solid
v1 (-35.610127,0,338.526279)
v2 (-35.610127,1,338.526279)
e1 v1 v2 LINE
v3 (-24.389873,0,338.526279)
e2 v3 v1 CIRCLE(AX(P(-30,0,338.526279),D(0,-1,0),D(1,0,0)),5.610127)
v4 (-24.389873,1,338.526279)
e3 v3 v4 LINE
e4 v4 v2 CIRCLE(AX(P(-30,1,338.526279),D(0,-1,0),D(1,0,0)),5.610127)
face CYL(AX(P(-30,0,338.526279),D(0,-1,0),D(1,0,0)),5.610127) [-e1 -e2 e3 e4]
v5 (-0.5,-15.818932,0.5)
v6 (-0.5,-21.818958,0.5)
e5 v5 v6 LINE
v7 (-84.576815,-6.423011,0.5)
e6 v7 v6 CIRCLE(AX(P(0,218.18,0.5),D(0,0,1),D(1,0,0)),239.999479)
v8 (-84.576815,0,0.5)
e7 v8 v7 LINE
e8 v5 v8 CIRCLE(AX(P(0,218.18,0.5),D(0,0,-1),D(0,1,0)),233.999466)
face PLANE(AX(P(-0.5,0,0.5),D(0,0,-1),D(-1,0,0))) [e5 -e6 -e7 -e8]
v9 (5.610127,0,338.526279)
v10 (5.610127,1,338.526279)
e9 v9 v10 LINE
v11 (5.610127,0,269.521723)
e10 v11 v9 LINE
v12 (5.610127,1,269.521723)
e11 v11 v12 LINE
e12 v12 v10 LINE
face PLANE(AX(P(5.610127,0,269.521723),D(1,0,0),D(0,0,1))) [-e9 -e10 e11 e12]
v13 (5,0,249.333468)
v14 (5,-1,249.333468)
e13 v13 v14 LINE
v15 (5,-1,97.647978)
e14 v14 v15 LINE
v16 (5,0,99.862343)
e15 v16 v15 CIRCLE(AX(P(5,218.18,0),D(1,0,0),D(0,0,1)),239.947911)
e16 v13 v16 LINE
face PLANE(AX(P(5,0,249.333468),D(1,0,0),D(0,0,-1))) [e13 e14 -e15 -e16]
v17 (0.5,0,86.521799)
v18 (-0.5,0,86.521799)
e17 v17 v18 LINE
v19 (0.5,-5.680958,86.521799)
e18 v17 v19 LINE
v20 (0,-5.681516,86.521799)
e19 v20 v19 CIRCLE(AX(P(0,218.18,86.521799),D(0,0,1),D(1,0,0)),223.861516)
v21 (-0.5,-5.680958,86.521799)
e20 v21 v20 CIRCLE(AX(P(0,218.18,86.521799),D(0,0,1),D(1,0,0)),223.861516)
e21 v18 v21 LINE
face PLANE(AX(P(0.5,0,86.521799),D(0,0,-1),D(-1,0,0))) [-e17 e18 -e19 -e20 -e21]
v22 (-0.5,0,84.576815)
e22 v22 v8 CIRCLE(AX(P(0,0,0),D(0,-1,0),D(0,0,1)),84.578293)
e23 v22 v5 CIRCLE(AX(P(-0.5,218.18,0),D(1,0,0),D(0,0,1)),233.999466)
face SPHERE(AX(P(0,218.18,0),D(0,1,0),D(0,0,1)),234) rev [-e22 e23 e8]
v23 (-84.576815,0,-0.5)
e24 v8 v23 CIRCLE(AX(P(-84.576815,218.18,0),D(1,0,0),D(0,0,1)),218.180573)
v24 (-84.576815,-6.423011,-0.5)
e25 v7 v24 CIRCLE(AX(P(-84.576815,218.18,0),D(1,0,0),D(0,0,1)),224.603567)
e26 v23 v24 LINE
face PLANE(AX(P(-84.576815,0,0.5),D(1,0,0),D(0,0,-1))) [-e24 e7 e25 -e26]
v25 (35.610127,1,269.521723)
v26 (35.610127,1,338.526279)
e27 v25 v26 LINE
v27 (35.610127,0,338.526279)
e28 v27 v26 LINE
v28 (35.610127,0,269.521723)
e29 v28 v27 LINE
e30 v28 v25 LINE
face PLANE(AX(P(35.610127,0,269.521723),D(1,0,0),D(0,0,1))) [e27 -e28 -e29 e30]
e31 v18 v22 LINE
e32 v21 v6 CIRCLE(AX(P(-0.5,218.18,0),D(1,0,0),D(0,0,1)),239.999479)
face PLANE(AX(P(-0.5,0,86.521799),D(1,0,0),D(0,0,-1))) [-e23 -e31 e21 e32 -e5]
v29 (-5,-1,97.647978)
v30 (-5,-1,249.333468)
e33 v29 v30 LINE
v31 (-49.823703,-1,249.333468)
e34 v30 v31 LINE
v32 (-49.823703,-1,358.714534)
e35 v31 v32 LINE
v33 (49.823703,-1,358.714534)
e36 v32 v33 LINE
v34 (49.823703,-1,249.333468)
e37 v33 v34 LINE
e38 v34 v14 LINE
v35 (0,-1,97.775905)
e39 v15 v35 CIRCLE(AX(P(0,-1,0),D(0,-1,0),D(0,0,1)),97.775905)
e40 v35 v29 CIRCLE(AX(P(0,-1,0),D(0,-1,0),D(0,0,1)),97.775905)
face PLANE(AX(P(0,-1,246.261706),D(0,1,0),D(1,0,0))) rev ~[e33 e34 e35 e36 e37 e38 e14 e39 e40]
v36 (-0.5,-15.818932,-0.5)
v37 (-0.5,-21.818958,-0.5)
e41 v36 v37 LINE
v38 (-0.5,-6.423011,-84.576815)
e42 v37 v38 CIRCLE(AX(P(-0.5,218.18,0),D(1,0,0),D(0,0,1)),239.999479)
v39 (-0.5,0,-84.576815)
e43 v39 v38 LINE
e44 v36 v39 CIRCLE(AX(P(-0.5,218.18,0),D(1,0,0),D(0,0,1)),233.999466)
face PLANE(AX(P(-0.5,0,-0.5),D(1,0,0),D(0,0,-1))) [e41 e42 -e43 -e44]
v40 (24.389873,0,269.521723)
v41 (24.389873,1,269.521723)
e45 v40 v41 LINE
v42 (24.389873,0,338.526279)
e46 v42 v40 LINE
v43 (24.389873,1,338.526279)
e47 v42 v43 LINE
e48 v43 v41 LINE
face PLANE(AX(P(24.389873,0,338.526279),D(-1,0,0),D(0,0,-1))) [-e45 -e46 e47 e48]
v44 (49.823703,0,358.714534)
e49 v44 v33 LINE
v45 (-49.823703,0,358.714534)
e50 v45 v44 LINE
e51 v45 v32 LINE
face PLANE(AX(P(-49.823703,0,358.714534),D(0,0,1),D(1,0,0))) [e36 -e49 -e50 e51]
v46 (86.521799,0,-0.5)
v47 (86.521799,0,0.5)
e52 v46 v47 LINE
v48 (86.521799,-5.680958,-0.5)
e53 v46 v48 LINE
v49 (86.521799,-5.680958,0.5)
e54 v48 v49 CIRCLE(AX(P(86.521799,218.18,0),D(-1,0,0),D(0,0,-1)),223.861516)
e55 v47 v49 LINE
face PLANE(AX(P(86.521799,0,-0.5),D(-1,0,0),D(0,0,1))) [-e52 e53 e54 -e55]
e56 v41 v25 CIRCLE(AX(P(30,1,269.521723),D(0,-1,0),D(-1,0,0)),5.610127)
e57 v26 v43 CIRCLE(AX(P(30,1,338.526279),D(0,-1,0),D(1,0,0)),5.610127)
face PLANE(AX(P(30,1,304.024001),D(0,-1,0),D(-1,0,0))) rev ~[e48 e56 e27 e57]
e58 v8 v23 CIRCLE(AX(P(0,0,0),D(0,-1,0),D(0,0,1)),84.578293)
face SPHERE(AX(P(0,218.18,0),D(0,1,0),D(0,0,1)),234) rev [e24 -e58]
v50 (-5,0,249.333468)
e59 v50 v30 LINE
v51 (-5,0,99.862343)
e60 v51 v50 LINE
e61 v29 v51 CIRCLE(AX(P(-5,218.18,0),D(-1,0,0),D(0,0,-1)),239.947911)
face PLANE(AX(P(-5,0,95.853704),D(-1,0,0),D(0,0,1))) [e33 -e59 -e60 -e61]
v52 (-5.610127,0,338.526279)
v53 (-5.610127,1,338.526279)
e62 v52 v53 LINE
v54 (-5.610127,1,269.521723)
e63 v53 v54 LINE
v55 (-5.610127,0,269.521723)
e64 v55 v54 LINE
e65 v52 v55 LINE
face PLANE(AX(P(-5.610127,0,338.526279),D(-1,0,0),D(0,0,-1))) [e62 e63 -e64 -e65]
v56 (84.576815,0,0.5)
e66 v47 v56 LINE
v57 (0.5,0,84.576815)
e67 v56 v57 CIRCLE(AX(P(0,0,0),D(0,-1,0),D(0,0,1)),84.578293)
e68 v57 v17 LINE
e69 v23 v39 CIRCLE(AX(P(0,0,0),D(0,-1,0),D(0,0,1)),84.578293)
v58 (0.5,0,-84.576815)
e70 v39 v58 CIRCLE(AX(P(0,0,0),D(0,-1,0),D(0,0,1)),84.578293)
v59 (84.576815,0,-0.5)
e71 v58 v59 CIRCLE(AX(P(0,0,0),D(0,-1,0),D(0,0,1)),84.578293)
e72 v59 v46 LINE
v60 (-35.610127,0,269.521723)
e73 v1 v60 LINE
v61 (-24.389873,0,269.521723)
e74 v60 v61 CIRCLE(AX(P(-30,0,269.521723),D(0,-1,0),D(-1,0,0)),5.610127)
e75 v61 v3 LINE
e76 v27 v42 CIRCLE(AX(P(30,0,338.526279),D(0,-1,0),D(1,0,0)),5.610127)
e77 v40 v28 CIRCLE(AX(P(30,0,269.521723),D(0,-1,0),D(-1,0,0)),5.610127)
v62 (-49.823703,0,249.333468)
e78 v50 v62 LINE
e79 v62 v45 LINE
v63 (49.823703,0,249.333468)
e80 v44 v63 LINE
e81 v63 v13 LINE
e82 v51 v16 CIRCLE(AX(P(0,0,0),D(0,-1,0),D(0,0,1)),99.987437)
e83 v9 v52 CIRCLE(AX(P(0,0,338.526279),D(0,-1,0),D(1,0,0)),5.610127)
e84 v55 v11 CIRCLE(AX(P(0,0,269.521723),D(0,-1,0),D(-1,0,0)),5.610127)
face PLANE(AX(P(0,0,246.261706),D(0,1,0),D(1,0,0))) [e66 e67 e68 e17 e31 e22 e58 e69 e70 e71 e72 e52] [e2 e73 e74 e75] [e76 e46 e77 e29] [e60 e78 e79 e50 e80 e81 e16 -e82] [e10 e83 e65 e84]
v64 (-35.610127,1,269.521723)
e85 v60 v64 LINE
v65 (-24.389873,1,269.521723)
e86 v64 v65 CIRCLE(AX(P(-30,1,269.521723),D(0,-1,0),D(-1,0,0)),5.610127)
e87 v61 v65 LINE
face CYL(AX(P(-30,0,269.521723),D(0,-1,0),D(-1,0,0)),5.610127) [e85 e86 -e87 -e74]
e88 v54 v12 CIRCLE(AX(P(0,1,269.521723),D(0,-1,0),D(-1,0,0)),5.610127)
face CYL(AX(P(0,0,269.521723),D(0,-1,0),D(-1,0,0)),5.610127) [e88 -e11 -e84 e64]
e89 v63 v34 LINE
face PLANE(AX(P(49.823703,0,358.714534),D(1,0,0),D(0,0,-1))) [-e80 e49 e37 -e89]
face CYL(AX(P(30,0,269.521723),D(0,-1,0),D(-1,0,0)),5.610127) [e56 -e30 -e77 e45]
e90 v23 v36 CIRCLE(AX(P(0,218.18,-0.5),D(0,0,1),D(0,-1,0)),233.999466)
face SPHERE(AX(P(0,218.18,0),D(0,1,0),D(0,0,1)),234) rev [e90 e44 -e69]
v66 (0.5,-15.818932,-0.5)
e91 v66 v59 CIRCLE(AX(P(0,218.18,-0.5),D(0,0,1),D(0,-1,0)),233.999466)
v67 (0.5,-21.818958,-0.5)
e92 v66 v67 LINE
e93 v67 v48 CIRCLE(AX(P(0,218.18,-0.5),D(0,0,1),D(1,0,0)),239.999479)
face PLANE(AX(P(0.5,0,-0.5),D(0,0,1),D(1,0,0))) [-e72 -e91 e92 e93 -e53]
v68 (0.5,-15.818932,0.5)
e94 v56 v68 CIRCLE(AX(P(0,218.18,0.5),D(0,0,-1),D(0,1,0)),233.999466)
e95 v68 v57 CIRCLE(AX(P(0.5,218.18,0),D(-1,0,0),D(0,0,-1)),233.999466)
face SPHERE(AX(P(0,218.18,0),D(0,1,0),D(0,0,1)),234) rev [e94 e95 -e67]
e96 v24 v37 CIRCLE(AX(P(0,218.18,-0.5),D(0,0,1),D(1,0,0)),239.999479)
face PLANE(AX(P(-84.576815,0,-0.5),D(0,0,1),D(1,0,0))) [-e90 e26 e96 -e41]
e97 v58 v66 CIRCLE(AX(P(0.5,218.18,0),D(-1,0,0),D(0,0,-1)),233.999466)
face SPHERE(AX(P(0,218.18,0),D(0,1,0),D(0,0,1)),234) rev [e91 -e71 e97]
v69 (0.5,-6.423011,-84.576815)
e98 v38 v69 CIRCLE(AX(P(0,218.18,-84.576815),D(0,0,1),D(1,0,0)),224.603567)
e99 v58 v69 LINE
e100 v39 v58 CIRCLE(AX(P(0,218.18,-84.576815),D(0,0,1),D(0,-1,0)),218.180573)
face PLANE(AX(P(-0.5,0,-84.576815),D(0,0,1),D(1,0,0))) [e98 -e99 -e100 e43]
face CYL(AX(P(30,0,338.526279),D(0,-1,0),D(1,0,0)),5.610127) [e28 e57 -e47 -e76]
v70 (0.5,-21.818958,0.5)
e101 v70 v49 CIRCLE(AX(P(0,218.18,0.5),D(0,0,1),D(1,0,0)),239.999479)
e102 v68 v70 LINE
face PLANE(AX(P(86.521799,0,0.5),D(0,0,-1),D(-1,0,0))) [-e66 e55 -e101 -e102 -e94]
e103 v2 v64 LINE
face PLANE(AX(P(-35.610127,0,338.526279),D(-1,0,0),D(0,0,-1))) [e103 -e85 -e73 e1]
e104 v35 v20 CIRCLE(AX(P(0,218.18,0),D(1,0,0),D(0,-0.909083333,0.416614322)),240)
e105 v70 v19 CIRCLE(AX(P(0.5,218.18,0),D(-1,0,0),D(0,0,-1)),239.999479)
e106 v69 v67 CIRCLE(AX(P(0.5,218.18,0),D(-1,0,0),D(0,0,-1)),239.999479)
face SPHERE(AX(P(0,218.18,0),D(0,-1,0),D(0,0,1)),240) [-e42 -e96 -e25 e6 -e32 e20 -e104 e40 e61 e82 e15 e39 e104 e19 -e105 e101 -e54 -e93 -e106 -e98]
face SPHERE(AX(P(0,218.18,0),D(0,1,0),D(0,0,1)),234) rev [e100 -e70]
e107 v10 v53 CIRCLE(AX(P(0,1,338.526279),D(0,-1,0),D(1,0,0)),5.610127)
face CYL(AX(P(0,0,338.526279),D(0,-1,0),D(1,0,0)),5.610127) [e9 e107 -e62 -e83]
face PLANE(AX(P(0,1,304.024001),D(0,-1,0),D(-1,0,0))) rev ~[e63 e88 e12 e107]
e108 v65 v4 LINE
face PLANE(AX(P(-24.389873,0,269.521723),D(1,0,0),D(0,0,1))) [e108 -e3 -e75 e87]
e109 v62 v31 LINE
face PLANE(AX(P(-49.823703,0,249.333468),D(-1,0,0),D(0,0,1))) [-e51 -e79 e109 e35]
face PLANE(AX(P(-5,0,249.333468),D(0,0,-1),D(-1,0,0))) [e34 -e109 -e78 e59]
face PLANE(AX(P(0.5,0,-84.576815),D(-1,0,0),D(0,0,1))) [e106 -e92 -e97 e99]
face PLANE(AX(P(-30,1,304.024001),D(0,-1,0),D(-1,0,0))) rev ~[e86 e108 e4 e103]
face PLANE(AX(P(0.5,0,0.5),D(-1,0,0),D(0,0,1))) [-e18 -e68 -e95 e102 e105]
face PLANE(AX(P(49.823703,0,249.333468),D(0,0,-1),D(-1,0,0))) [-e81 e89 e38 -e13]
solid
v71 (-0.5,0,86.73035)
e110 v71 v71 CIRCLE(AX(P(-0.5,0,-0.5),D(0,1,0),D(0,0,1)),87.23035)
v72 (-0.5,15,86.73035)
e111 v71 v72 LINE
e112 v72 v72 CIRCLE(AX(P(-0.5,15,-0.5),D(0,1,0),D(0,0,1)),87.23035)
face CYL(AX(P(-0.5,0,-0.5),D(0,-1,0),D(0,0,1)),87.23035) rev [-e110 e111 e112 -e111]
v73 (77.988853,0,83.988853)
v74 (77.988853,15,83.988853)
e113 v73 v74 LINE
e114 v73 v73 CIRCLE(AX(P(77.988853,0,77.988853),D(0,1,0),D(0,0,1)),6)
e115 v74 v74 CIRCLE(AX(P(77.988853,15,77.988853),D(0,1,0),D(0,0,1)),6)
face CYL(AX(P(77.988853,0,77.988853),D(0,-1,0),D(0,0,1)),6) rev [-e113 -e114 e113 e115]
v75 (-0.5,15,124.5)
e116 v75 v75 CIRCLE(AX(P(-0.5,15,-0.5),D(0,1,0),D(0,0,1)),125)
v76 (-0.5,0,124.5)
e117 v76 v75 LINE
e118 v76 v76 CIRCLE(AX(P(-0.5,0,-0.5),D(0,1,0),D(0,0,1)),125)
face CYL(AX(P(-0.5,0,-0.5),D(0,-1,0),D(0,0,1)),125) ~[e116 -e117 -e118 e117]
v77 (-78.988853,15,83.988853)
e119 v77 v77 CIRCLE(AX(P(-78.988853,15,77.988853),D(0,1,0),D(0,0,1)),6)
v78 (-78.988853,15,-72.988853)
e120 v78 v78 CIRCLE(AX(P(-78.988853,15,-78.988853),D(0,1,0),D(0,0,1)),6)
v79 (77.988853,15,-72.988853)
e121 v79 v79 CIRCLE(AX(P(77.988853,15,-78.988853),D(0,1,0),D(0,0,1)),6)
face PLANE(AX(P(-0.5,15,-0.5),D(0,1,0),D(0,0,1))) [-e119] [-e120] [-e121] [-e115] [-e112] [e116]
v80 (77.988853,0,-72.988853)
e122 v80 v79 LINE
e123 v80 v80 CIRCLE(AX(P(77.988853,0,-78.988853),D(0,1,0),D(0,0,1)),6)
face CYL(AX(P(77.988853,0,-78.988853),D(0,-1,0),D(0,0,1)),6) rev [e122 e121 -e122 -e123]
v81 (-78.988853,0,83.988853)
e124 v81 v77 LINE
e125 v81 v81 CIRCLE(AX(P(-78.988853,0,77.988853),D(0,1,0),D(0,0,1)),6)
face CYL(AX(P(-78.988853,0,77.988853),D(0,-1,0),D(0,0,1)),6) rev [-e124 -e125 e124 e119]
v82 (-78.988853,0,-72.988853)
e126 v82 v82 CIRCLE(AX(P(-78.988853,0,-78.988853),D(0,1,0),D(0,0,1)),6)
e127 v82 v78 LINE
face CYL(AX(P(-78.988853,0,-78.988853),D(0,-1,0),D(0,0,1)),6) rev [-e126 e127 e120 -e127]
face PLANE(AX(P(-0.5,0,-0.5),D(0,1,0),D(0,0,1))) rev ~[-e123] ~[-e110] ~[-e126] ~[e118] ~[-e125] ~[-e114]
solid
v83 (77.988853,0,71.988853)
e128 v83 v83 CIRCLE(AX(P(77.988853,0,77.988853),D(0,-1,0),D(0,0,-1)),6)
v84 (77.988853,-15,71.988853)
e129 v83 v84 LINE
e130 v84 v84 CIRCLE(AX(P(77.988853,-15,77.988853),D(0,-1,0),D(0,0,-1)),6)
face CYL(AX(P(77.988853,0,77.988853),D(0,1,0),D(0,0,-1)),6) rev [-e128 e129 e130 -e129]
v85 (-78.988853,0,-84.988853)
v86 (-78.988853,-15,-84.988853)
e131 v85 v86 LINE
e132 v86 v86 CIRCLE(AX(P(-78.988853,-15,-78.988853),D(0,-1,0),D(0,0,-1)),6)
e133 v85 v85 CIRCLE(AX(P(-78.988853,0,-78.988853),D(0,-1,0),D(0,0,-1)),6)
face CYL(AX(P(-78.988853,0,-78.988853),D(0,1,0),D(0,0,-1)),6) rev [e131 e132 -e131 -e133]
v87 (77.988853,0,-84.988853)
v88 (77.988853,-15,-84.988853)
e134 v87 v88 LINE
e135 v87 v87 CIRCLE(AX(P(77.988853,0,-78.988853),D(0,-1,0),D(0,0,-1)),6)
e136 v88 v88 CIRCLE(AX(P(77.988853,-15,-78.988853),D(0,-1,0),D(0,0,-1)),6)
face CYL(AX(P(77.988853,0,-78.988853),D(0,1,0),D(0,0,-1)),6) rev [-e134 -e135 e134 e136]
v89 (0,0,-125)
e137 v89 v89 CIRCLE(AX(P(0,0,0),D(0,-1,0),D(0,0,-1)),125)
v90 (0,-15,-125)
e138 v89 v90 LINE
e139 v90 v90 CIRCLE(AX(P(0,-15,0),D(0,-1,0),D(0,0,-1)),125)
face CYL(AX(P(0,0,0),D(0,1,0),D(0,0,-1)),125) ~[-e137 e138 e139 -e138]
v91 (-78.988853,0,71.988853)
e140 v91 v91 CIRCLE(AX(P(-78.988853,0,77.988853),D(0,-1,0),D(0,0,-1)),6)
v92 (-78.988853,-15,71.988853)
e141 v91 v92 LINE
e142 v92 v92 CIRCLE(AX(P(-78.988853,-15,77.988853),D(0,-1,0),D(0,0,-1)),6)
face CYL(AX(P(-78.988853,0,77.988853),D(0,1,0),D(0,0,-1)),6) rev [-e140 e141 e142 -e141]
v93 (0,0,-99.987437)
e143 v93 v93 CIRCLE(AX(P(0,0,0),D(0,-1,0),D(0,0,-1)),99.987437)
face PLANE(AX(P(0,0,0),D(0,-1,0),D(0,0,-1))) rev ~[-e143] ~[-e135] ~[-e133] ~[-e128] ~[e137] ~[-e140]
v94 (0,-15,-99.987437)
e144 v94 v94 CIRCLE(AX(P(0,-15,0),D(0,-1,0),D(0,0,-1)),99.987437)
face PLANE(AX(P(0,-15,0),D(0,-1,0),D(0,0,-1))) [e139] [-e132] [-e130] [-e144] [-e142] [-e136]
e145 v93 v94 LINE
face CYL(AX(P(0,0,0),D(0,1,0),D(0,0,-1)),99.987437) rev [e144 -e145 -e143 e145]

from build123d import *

# Parameters (mm, degrees)
KES_EKSTR_ZYON1_REACH       = 145.077
KES_EKSTR_ZYON1_END_RADIUS  = 240
Y_KSEKLIK_EKSTR_ZYON1_DEPTH = 1
Y_KSEKLIK_EKSTR_ZYON2_DEPTH = 1
IZIM5_R                     = 125
IZIM5_R_2                   = 87.230350479
IZIM5_R_3                   = 6
Y_KSEKLIK_EKSTR_ZYON4_DEPTH = 15
IZIM6_R                     = 125
IZIM6_R_2                   = 99.987437211
IZIM6_R_3                   = 6
Y_KSEKLIK_EKSTR_ZYON6_DEPTH = 15


with BuildPart() as part:
    # Çizim1 → Döndür1 (revolve)
    with BuildSketch(Plane(origin=(0, 0, 0), x_dir=(0, 0, -1), z_dir=(1, 0, 0))):
        with BuildLine():
            Line((-84.578292723, 0), (-99.987437211, 0))
            ThreePointArc((-99.987437211, 0), (-51.170303888, -16.301555778), (0, -21.82))
            Line((0, -21.82), (0, -15.82))
            ThreePointArc((0, -15.82), (-43.022552226, -11.830999737), (-84.578292723, 0))
        make_face()
    revolve(axis=Axis((0, 0, 0), (0, -1, 0)))

    # Kes-Ekstrüzyon1: up to this sphere (the profile starts inside it)
    kes_ekstr_zyon1_end = Location((0, 218.18, 0)) * Sphere(KES_EKSTR_ZYON1_END_RADIUS, mode=Mode.PRIVATE)
    # Çizim2 → Kes-Ekstrüzyon1 (cut, up to the surface)
    with BuildSketch(Plane(origin=(0, 0, 0), x_dir=(1, 0, 0), z_dir=(0, 1, 0)), mode=Mode.PRIVATE) as kes_ekstr_zyon1_sk1:
        Polygon((-0.5, -0.5), (-84.57681479, -0.5), (-84.57681479, 0.5), (-0.5, 0.5), (-0.5, 84.57681479), (0.5, 84.57681479), (0.5, 0.5), (86.521798987, 0.5), (86.521798987, -0.5), (0.5, -0.5), (0.5, -86.521798987), (-0.5, -86.521798987), align=None)
    kes_ekstr_zyon1_tool1 = extrude(kes_ekstr_zyon1_sk1.sketch, amount=-KES_EKSTR_ZYON1_REACH, mode=Mode.PRIVATE) & kes_ekstr_zyon1_end
    add(kes_ekstr_zyon1_tool1.solids().sort_by_distance((0.487671, 0, 0.487671))[0], mode=Mode.SUBTRACT)

    # Çizim3 → Yükseklik-Ekstrüzyon1 (add)
    with BuildSketch(Plane(origin=(0, 0, 0), x_dir=(1, 0, 0), z_dir=(0, 1, 0))):
        Polygon((-5, -249.333468386), (-49.82370334, -249.333468386), (-49.82370334, -358.714534318), (49.82370334, -358.714534318), (49.82370334, -249.333468386), (5, -249.333468386), (5, -95.85370377), (-5, -95.85370377), align=None)
    extrude(amount=-Y_KSEKLIK_EKSTR_ZYON1_DEPTH)

    # Çizim4 → Yükseklik-Ekstrüzyon2 (add)
    with BuildSketch(Plane(origin=(0, 0, 0), x_dir=(1, 0, 0), z_dir=(0, 1, 0))):
        with BuildLine():
            Line((35.61012652, -269.521723251), (35.61012652, -338.526279453))
            ThreePointArc((35.61012652, -338.526279453), (30, -344.136405973), (24.38987348, -338.526279453))
            Line((24.38987348, -338.526279453), (24.38987348, -269.521723251))
            ThreePointArc((24.38987348, -269.521723251), (30, -263.911596731), (35.61012652, -269.521723251))
        make_face()
        with BuildLine():
            Line((5.61012652, -269.521723251), (5.61012652, -338.526279453))
            ThreePointArc((5.61012652, -338.526279453), (0, -344.136405973), (-5.61012652, -338.526279453))
            Line((-5.61012652, -338.526279453), (-5.61012652, -269.521723251))
            ThreePointArc((-5.61012652, -269.521723251), (0, -263.911596731), (5.61012652, -269.521723251))
        make_face()
        with BuildLine():
            Line((-24.38987348, -269.521723251), (-24.38987348, -338.526279453))
            ThreePointArc((-24.38987348, -338.526279453), (-30, -344.136405973), (-35.61012652, -338.526279453))
            Line((-35.61012652, -338.526279453), (-35.61012652, -269.521723251))
            ThreePointArc((-35.61012652, -269.521723251), (-30, -263.911596731), (-24.38987348, -269.521723251))
        make_face()
    extrude(amount=Y_KSEKLIK_EKSTR_ZYON2_DEPTH)


with BuildPart() as body_2:
    # Çizim5 → Yükseklik-Ekstrüzyon4 (new body)
    with BuildSketch(Plane(origin=(0, 0, 0), x_dir=(1, 0, 0), z_dir=(0, 1, 0))):
        with Locations(Location((-0.5, 0.5, 0), (0, 0, 270))):
            Circle(IZIM5_R)
        with Locations(Location((-0.5, 0.5, 0), (0, 0, 270))):
            Circle(IZIM5_R_2, mode=Mode.SUBTRACT)
        with Locations(Location((-78.988852712, 78.988852712, 0), (0, 0, 270))):
            Circle(IZIM5_R_3, mode=Mode.SUBTRACT)
        with Locations(Location((77.988852712, 78.988852712, 0), (0, 0, 270))):
            Circle(IZIM5_R_3, mode=Mode.SUBTRACT)
        with Locations(Location((77.988852712, -77.988852712, 0), (0, 0, 270))):
            Circle(IZIM5_R_3, mode=Mode.SUBTRACT)
        with Locations(Location((-78.988852712, -77.988852712, 0), (0, 0, 270))):
            Circle(IZIM5_R_3, mode=Mode.SUBTRACT)
    extrude(amount=Y_KSEKLIK_EKSTR_ZYON4_DEPTH)


with BuildPart() as body_3:
    # Çizim6 → Yükseklik-Ekstrüzyon6 (new body)
    with BuildSketch(Plane.XZ):
        with Locations(Location((0, 0, 0), (0, 0, 270))):
            Circle(IZIM6_R)
        with Locations(Location((0, 0, 0), (0, 0, 270))):
            Circle(IZIM6_R_2, mode=Mode.SUBTRACT)
        with Locations(Location((77.988852712, -78.988852712, 0), (0, 0, 270))):
            Circle(IZIM6_R_3, mode=Mode.SUBTRACT)
        with Locations(Location((-78.988852712, -78.988852712, 0), (0, 0, 270))):
            Circle(IZIM6_R_3, mode=Mode.SUBTRACT)
        with Locations(Location((-78.988852712, 77.988852712, 0), (0, 0, 270))):
            Circle(IZIM6_R_3, mode=Mode.SUBTRACT)
        with Locations(Location((77.988852712, 77.988852712, 0), (0, 0, 270))):
            Circle(IZIM6_R_3, mode=Mode.SUBTRACT)
    extrude(amount=Y_KSEKLIK_EKSTR_ZYON6_DEPTH)


solid = Compound([part.part, body_2.part, body_3.part])
